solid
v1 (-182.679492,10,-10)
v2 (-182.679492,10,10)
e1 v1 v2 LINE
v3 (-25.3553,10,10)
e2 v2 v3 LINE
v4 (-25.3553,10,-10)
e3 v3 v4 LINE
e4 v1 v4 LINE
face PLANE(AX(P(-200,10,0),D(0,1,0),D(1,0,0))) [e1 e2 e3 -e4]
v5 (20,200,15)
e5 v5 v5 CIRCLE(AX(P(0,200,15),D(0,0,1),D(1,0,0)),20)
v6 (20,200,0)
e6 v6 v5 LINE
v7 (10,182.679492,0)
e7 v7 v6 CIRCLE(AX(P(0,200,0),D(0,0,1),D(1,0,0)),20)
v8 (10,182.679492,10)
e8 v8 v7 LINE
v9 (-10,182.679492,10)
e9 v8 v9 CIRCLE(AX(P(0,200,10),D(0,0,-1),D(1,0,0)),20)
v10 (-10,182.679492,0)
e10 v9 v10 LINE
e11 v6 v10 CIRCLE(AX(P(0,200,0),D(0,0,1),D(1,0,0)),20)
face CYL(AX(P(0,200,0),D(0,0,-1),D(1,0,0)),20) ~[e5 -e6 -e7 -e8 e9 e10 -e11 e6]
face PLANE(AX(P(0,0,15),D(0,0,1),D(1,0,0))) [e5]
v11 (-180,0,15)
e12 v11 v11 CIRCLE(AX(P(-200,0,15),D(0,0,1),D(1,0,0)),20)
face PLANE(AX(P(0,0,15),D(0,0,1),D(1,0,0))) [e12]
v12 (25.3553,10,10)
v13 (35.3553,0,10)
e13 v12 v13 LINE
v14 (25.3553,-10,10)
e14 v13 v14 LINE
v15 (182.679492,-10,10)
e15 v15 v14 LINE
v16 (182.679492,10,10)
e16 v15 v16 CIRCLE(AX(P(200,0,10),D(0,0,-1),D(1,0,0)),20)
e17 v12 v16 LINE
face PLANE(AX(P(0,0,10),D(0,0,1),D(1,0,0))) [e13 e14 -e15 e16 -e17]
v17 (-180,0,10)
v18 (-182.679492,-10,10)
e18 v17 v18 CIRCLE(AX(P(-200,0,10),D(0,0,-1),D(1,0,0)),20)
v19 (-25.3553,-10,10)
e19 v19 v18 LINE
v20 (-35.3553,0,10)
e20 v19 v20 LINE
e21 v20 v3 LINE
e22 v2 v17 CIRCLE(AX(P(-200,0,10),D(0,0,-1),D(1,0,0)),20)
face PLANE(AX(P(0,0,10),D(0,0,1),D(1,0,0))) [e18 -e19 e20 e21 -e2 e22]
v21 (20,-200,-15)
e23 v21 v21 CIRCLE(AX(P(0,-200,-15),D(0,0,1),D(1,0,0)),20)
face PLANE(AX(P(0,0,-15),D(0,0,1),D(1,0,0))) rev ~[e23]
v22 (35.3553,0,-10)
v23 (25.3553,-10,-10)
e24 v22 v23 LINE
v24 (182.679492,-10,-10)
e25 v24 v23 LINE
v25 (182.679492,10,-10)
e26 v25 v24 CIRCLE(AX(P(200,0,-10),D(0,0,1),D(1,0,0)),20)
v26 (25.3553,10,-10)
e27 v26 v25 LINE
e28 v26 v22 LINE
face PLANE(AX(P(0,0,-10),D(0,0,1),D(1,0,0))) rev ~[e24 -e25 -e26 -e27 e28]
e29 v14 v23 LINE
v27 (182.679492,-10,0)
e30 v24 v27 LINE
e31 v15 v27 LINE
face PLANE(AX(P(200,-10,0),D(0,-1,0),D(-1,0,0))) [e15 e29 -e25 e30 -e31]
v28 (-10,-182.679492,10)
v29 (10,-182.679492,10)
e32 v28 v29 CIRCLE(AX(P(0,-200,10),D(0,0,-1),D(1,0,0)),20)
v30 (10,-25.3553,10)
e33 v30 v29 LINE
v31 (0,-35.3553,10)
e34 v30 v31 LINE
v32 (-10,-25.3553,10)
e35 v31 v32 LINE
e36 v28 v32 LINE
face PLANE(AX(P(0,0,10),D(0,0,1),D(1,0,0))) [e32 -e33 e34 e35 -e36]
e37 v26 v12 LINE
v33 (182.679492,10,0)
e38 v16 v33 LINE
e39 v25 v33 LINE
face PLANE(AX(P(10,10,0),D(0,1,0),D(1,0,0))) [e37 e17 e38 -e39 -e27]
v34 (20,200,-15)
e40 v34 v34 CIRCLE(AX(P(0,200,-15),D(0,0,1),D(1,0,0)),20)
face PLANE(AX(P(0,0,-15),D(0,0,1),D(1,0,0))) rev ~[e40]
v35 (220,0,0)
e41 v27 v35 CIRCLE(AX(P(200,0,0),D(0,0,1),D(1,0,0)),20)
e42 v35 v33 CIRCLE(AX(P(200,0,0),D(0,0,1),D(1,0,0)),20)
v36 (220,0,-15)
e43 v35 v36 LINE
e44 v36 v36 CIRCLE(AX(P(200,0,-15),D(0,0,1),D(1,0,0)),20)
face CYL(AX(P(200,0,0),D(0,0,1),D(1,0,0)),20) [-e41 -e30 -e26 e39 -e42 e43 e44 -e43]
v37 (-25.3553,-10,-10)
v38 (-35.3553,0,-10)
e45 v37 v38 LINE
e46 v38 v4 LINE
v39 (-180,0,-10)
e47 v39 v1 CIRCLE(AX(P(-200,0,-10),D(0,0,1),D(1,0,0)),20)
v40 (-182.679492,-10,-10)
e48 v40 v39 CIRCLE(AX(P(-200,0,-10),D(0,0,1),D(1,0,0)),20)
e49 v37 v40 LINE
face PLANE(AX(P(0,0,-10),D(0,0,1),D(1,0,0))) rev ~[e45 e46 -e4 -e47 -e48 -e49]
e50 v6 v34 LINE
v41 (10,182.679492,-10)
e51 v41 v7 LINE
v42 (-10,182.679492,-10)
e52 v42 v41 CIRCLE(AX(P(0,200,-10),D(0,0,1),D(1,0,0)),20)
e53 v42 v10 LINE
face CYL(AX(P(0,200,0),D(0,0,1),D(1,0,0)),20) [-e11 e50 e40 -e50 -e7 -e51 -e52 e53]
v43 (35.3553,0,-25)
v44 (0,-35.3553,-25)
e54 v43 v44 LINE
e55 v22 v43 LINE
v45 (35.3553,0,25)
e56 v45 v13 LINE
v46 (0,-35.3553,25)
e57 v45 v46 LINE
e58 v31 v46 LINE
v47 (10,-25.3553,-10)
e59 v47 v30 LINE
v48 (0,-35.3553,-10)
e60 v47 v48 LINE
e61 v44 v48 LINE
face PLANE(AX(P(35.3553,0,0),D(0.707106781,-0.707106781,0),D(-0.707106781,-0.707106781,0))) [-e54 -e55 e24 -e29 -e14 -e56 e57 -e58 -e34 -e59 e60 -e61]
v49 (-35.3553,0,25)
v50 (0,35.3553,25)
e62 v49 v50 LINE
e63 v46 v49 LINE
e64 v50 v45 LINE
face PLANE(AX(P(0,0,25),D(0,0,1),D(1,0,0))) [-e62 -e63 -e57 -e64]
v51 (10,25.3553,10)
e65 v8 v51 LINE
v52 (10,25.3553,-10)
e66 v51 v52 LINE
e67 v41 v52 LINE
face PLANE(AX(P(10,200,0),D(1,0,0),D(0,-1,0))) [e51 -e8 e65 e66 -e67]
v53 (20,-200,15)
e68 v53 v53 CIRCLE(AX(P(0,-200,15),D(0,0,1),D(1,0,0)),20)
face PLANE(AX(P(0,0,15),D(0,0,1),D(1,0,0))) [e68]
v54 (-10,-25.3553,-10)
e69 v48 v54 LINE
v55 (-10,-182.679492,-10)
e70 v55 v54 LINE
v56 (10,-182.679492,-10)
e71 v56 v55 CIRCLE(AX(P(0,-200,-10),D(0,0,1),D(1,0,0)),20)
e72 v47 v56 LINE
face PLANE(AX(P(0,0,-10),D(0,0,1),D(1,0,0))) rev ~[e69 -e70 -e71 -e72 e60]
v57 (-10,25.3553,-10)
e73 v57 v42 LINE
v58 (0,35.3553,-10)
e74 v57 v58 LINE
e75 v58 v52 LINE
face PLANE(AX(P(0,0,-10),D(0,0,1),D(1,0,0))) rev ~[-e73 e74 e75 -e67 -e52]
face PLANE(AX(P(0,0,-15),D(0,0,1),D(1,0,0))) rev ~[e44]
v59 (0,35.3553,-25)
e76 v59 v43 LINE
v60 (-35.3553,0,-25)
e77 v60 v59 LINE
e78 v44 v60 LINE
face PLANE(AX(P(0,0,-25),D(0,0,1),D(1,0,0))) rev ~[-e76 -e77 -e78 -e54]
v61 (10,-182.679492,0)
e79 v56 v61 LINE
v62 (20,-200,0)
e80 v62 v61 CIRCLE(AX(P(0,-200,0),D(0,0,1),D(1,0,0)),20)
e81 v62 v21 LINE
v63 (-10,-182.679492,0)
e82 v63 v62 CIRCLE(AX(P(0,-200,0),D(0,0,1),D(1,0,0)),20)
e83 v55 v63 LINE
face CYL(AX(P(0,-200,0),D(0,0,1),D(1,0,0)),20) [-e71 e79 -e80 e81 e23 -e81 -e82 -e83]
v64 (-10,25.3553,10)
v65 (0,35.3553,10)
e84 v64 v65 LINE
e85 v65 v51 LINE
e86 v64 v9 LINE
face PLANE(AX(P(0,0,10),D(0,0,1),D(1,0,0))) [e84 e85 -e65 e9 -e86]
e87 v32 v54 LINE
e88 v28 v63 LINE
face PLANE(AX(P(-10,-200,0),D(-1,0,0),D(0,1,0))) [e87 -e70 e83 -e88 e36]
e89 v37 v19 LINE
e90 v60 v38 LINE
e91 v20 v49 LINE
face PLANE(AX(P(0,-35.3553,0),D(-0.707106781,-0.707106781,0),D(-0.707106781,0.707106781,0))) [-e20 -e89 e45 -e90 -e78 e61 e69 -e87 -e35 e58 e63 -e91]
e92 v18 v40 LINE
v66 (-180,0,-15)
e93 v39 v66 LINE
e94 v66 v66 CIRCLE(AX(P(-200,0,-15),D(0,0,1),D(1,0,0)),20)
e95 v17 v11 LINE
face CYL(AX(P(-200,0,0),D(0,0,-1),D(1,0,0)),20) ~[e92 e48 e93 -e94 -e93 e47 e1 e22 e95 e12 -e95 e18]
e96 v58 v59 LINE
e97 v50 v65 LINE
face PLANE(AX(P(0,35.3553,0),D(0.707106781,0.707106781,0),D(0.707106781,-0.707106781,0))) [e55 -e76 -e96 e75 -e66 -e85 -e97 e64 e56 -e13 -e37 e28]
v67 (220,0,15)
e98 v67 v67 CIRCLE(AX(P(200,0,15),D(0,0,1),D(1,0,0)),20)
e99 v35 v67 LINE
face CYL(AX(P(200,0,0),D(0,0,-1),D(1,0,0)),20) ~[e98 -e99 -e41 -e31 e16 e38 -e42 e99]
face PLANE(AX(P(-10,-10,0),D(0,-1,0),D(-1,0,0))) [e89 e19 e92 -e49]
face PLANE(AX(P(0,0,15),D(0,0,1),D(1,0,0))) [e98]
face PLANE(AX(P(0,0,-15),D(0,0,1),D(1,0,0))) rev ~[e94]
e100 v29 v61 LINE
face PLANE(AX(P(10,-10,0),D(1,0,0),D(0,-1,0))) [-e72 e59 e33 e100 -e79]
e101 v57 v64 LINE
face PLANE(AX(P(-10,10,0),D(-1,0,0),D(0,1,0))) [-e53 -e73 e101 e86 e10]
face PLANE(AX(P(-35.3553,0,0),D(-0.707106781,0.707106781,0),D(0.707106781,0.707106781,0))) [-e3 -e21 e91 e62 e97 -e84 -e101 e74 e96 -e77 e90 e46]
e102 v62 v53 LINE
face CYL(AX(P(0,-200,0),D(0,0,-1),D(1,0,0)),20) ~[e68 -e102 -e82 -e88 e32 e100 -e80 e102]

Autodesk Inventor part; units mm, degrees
ref_plane "YZ Plane" through (0, 0, 0) normal (1, 0, 0) x (0, 1, 0)
ref_plane "XZ Plane" through (0, 0, 0) normal (0, 1, 0) x (-1, 0, 0)
ref_plane "XY Plane" through (0, 0, 0) normal (0, 0, 1) x (1, 0, 0)
sketch "Skizze1" plane through (0, 0, 0) normal (0, 0, 1) x (1, 0, 0)
  line L0 (-35.3553, 0) -> (0, 35.3553)
  line L1 (0, 35.3553) -> (35.3553, 0)
  line L2 (35.3553, 0) -> (0, -35.3553)
  line L3 (0, -35.3553) -> (-35.3553, 0)
  line L4 (-35.3553, 0) -> (35.3553, 0) construction
  line L5 (0, 35.3553) -> (0, -35.3553) construction
  point P0 (0, 0)
  point P1 (0, 0)
  dimension "d0" = 50
  dimension "d1" = 50
extrude "Extrusion1" add sketch "Skizze1" along normal mid plane 50
sketch "Skizze2" plane through (0, 0, 0) normal (0, 0, 1) x (1, 0, 0)
  line L0 (-200, 10) -> (200, 10)
  line L1 (200, 10) -> (200, -10)
  line L2 (200, -10) -> (-200, -10)
  line L3 (-200, -10) -> (-200, 10)
  line L4 (-200, 10) -> (200, -10) construction
  line L5 (200, 10) -> (-200, -10) construction
  line L6 (-10, -200) -> (-10, 200)
  line L7 (-10, 200) -> (10, 200)
  line L8 (10, 200) -> (10, -200)
  line L9 (10, -200) -> (-10, -200)
  point P0 (0, 0)
  point P1 (0, 200)
  point P2 (-10, 0)
  point P3 (0, -200)
  point P4 (-10, -10)
  point P5 (10, -10)
  point P6 (10, 10)
  point P7 (-10, 10)
  dimension "d4" = 400
  dimension "d5" = 20
  dimension "d6" = 400
  dimension "d7" = 20
extrude "Extrusion2" add sketch "Skizze2" along normal mid plane 20
sketch "Skizze3" plane through (0, 0, 0) normal (0, 0, 1) x (1, 0, 0)
  line L0 (-200, -10) -> (-200, 10) projected
  circle A0 centre (-200, 0) radius 20
  circle A1 centre (0, -200) radius 20
  circle A2 centre (200, 0) radius 20
  circle A3 centre (0, 200) radius 20
  point P0 (0, 0)
  dimension "d10" = 40
  dimension "d13" = 360
extrude "Extrusion3" add sketch "Skizze3" along normal mid plane 30
properties part number "drohne_model" material "PC/ABS-Kunststoff"
